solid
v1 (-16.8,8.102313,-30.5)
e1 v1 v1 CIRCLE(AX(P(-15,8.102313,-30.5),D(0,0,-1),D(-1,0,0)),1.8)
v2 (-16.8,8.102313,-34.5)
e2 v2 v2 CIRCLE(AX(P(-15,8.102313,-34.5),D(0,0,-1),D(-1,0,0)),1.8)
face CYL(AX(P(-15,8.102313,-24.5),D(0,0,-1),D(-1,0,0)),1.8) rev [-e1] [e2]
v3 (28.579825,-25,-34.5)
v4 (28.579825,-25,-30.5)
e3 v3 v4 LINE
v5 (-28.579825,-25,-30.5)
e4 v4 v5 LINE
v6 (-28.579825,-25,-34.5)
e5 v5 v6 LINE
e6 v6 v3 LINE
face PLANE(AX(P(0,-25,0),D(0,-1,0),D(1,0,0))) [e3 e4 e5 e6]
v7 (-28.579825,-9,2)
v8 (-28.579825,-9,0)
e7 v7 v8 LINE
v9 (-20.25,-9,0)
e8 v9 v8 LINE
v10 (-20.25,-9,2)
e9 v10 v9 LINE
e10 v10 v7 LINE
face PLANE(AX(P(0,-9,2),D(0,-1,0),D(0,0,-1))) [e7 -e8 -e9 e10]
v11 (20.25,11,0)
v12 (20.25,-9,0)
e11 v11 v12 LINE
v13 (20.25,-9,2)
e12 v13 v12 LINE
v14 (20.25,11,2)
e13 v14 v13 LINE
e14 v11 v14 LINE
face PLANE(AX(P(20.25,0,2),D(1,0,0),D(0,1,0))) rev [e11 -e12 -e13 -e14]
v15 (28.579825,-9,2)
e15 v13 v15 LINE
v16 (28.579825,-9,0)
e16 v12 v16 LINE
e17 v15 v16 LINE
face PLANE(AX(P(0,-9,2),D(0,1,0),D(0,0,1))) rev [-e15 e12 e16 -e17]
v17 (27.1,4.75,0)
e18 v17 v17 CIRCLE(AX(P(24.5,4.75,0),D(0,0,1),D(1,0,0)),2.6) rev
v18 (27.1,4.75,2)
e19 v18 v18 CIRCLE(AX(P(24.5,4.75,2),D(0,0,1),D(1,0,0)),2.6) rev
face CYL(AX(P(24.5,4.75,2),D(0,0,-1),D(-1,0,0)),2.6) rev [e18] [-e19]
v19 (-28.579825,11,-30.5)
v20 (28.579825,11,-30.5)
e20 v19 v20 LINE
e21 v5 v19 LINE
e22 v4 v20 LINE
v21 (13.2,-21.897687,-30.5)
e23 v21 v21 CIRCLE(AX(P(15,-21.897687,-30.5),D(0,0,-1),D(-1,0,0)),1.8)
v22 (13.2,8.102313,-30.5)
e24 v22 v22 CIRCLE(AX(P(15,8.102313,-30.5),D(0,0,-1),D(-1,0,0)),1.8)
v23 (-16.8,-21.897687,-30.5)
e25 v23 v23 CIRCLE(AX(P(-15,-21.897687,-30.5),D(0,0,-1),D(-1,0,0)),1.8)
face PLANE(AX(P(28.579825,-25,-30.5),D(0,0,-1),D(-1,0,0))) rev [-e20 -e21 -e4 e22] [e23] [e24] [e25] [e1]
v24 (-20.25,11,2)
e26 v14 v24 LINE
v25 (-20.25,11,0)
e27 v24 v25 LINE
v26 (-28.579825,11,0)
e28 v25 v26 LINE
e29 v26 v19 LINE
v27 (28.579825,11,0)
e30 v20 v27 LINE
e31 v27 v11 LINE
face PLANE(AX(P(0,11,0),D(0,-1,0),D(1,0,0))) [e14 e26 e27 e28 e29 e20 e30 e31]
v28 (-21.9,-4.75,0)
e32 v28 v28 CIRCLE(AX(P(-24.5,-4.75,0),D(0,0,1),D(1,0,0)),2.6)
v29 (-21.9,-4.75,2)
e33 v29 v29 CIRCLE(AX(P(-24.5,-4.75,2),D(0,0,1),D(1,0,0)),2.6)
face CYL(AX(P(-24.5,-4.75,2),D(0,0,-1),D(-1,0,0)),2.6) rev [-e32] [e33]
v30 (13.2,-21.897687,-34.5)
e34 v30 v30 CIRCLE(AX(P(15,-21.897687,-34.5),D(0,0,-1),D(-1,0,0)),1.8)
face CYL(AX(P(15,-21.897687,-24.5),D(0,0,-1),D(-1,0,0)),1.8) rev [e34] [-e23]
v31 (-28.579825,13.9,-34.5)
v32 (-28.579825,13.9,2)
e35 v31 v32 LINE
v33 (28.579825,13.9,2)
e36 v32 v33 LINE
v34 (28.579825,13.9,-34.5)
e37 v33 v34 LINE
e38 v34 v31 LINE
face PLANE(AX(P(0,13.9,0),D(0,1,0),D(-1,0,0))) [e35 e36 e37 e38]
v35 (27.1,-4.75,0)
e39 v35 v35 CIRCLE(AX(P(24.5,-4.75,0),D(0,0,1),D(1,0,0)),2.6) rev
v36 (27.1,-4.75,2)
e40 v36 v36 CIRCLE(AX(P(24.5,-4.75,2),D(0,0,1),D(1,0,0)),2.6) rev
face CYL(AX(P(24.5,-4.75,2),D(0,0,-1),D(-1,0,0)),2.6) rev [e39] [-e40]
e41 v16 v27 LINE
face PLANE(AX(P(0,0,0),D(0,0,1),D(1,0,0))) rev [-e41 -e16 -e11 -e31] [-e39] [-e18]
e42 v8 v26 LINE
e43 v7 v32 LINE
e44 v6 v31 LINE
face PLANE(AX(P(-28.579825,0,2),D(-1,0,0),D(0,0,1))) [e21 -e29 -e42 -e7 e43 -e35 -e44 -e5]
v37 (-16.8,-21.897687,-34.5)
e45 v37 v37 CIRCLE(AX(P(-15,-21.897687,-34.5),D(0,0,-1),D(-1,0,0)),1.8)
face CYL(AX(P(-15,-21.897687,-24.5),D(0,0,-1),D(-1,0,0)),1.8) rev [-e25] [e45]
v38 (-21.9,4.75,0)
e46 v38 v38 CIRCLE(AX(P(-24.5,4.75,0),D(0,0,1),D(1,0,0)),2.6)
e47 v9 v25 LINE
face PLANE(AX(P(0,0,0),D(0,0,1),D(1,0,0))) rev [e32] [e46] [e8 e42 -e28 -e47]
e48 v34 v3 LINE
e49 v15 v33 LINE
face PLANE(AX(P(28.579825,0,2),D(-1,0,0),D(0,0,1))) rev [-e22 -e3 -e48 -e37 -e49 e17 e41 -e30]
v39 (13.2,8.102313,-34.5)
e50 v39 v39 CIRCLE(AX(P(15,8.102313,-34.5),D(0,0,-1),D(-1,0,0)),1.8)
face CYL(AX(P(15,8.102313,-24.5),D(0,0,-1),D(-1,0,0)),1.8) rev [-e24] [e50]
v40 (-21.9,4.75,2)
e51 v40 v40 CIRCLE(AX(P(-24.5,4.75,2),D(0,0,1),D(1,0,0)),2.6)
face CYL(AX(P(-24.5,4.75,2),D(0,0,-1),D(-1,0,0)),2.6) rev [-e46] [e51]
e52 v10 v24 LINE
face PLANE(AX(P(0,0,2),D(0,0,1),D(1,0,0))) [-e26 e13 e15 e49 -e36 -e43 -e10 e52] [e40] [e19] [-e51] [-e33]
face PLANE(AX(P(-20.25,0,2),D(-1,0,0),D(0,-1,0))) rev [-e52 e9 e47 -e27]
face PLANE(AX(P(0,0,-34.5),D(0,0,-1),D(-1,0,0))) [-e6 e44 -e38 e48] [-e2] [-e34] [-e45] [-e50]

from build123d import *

# Parameters (mm, degrees)
SKETCH_1_R           = 2.6
EXTRUDE_3_DEPTH      = 2
EXTRUDE_5_DEPTH      = 18.7
EXTRUDE_5_DEPTH_BACK = 2
SKETCH_9_W           = 57.159649592
SKETCH_9_H           = 11.9
EXTRUDE_6_DEPTH      = 31.5
SKETCH_10_W          = 57.159649592
SKETCH_10_H          = 11.9
EXTRUDE_7_DEPTH      = 5
SKETCH_11_W          = 57.159649592
SKETCH_11_H          = 36.5
CUT_EXTRUDE_1_DEPTH  = 10
SKETCH_12_W          = 57.159649592
SKETCH_12_H          = 4
EXTRUDE_8_DEPTH      = 35
SKETCH_13_R          = 1.8
CUT_EXTRUDE_2_DEPTH  = 10
SKETCH_14_W          = 57.159649592
SKETCH_14_H          = 36.5
EXTRUDE_9_DEPTH      = 2
CUT_EXTRUDE_3_DEPTH  = 1


with BuildPart() as part:
    # 草图1 → 凸台-拉伸3 (new body)
    # profile 1 of 2: a face of its own
    with BuildSketch(Plane.XY):
        Polygon((-28.579824796, -9), (-20.25, -9), (-20.25, 9), (-20.25, 10), (20.25, 10), (20.25, 9), (20.25, -9), (28.579824796, -9), (28.579824796, 12), (-28.579824796, 12), align=None)
        with Locations((-24.5, -4.75)):
            Circle(SKETCH_1_R, mode=Mode.SUBTRACT)
        with Locations((24.5, -4.75)):
            Circle(SKETCH_1_R, mode=Mode.SUBTRACT)
        with Locations((-24.5, 4.75)):
            Circle(SKETCH_1_R, mode=Mode.SUBTRACT)
        with Locations((24.5, 4.75)):
            Circle(SKETCH_1_R, mode=Mode.SUBTRACT)
    # profile 2 of 2: a face of its own
    with BuildSketch(Plane.XY):
        Polygon((-28.579824796, -9), (-20.25, -9), (-20.25, 9), (-20.25, 10), (20.25, 10), (20.25, 9), (20.25, -9), (28.579824796, -9), (28.579824796, 12), (-28.579824796, 12), align=None)
        with Locations((-24.5, -4.75)):
            Circle(SKETCH_1_R, mode=Mode.SUBTRACT)
        with Locations((24.5, -4.75)):
            Circle(SKETCH_1_R, mode=Mode.SUBTRACT)
        with Locations((-24.5, 4.75)):
            Circle(SKETCH_1_R, mode=Mode.SUBTRACT)
        with Locations((24.5, 4.75)):
            Circle(SKETCH_1_R, mode=Mode.SUBTRACT)
    extrude(amount=EXTRUDE_3_DEPTH)

    # 草图3 → 凸台-拉伸5 (add, two sides: drawn at the far end of the back side and taken through both)
    with BuildSketch(Plane(origin=(0, 0, 0), x_dir=(-1, 0, 0), z_dir=(0, 0, -1)).offset(-EXTRUDE_5_DEPTH_BACK)):
        Polygon((-28.579824796, 12), (-28.579824796, 10), (28.579824796, 10), (28.579824796, 12), (28.579824796, 21.9), (-28.579824796, 21.9), align=None)
    extrude(amount=EXTRUDE_5_DEPTH + EXTRUDE_5_DEPTH_BACK)

    # 草图9 → 凸台-拉伸6 (add)
    with BuildSketch(Plane.XY.offset(2)):
        with Locations((0, 15.95)):
            Rectangle(SKETCH_9_W, SKETCH_9_H)
    extrude(amount=-EXTRUDE_6_DEPTH)

    # 草图10 → 凸台-拉伸7 (add)
    with BuildSketch(Plane(origin=(0, 0, -29.5), x_dir=(-1, 0, 0), z_dir=(0, 0, -1))):
        with Locations((0, 15.95)):
            Rectangle(SKETCH_10_W, SKETCH_10_H)
    extrude(amount=EXTRUDE_7_DEPTH)

    # 草图11 → 切除-拉伸1 (cut)
    with BuildSketch(Plane(origin=(0, 21.9, 0), x_dir=(1, 0, 0), z_dir=(0, 1, 0))):
        with Locations((0, 16.25)):
            Rectangle(SKETCH_11_W, SKETCH_11_H)
    extrude(amount=-CUT_EXTRUDE_1_DEPTH, mode=Mode.SUBTRACT)

    # 草图12 → 凸台-拉伸8 (add)
    with BuildSketch(Plane.XZ.offset(-10)):
        with Locations((0, -32.5)):
            Rectangle(SKETCH_12_W, SKETCH_12_H)
    extrude(amount=EXTRUDE_8_DEPTH)

    # 草图13 → 切除-拉伸2 (cut)
    with BuildSketch(Plane(origin=(0, 0, -34.5), x_dir=(-1, 0, 0), z_dir=(0, 0, -1))):
        with Locations((-15, 8.10231344)):
            Circle(SKETCH_13_R)
        with Locations((15, -21.89768656)):
            Circle(SKETCH_13_R)
        with Locations((-15, -21.89768656)):
            Circle(SKETCH_13_R)
        with Locations((15, 8.10231344)):
            Circle(SKETCH_13_R)
    extrude(amount=-CUT_EXTRUDE_2_DEPTH, mode=Mode.SUBTRACT)

    # 草图14 → 凸台-拉伸9 (add)
    with BuildSketch(Plane(origin=(0, 11.9, 0), x_dir=(1, 0, 0), z_dir=(0, 1, 0))):
        with Locations((0, 16.25)):
            Rectangle(SKETCH_14_W, SKETCH_14_H)
    extrude(amount=EXTRUDE_9_DEPTH)

    # 草图15 → 切除-拉伸3 (cut)
    with BuildSketch(Plane.XZ.offset(-10)):
        Polygon((-28.579824796, -30.5), (28.579824796, -30.5), (28.579824796, 0), (20.25, 0), (20.25, 2), (-20.25, 2), (-20.25, 0), (-28.579824796, 0), align=None)
    extrude(amount=-CUT_EXTRUDE_3_DEPTH, mode=Mode.SUBTRACT)


solid = part.part
